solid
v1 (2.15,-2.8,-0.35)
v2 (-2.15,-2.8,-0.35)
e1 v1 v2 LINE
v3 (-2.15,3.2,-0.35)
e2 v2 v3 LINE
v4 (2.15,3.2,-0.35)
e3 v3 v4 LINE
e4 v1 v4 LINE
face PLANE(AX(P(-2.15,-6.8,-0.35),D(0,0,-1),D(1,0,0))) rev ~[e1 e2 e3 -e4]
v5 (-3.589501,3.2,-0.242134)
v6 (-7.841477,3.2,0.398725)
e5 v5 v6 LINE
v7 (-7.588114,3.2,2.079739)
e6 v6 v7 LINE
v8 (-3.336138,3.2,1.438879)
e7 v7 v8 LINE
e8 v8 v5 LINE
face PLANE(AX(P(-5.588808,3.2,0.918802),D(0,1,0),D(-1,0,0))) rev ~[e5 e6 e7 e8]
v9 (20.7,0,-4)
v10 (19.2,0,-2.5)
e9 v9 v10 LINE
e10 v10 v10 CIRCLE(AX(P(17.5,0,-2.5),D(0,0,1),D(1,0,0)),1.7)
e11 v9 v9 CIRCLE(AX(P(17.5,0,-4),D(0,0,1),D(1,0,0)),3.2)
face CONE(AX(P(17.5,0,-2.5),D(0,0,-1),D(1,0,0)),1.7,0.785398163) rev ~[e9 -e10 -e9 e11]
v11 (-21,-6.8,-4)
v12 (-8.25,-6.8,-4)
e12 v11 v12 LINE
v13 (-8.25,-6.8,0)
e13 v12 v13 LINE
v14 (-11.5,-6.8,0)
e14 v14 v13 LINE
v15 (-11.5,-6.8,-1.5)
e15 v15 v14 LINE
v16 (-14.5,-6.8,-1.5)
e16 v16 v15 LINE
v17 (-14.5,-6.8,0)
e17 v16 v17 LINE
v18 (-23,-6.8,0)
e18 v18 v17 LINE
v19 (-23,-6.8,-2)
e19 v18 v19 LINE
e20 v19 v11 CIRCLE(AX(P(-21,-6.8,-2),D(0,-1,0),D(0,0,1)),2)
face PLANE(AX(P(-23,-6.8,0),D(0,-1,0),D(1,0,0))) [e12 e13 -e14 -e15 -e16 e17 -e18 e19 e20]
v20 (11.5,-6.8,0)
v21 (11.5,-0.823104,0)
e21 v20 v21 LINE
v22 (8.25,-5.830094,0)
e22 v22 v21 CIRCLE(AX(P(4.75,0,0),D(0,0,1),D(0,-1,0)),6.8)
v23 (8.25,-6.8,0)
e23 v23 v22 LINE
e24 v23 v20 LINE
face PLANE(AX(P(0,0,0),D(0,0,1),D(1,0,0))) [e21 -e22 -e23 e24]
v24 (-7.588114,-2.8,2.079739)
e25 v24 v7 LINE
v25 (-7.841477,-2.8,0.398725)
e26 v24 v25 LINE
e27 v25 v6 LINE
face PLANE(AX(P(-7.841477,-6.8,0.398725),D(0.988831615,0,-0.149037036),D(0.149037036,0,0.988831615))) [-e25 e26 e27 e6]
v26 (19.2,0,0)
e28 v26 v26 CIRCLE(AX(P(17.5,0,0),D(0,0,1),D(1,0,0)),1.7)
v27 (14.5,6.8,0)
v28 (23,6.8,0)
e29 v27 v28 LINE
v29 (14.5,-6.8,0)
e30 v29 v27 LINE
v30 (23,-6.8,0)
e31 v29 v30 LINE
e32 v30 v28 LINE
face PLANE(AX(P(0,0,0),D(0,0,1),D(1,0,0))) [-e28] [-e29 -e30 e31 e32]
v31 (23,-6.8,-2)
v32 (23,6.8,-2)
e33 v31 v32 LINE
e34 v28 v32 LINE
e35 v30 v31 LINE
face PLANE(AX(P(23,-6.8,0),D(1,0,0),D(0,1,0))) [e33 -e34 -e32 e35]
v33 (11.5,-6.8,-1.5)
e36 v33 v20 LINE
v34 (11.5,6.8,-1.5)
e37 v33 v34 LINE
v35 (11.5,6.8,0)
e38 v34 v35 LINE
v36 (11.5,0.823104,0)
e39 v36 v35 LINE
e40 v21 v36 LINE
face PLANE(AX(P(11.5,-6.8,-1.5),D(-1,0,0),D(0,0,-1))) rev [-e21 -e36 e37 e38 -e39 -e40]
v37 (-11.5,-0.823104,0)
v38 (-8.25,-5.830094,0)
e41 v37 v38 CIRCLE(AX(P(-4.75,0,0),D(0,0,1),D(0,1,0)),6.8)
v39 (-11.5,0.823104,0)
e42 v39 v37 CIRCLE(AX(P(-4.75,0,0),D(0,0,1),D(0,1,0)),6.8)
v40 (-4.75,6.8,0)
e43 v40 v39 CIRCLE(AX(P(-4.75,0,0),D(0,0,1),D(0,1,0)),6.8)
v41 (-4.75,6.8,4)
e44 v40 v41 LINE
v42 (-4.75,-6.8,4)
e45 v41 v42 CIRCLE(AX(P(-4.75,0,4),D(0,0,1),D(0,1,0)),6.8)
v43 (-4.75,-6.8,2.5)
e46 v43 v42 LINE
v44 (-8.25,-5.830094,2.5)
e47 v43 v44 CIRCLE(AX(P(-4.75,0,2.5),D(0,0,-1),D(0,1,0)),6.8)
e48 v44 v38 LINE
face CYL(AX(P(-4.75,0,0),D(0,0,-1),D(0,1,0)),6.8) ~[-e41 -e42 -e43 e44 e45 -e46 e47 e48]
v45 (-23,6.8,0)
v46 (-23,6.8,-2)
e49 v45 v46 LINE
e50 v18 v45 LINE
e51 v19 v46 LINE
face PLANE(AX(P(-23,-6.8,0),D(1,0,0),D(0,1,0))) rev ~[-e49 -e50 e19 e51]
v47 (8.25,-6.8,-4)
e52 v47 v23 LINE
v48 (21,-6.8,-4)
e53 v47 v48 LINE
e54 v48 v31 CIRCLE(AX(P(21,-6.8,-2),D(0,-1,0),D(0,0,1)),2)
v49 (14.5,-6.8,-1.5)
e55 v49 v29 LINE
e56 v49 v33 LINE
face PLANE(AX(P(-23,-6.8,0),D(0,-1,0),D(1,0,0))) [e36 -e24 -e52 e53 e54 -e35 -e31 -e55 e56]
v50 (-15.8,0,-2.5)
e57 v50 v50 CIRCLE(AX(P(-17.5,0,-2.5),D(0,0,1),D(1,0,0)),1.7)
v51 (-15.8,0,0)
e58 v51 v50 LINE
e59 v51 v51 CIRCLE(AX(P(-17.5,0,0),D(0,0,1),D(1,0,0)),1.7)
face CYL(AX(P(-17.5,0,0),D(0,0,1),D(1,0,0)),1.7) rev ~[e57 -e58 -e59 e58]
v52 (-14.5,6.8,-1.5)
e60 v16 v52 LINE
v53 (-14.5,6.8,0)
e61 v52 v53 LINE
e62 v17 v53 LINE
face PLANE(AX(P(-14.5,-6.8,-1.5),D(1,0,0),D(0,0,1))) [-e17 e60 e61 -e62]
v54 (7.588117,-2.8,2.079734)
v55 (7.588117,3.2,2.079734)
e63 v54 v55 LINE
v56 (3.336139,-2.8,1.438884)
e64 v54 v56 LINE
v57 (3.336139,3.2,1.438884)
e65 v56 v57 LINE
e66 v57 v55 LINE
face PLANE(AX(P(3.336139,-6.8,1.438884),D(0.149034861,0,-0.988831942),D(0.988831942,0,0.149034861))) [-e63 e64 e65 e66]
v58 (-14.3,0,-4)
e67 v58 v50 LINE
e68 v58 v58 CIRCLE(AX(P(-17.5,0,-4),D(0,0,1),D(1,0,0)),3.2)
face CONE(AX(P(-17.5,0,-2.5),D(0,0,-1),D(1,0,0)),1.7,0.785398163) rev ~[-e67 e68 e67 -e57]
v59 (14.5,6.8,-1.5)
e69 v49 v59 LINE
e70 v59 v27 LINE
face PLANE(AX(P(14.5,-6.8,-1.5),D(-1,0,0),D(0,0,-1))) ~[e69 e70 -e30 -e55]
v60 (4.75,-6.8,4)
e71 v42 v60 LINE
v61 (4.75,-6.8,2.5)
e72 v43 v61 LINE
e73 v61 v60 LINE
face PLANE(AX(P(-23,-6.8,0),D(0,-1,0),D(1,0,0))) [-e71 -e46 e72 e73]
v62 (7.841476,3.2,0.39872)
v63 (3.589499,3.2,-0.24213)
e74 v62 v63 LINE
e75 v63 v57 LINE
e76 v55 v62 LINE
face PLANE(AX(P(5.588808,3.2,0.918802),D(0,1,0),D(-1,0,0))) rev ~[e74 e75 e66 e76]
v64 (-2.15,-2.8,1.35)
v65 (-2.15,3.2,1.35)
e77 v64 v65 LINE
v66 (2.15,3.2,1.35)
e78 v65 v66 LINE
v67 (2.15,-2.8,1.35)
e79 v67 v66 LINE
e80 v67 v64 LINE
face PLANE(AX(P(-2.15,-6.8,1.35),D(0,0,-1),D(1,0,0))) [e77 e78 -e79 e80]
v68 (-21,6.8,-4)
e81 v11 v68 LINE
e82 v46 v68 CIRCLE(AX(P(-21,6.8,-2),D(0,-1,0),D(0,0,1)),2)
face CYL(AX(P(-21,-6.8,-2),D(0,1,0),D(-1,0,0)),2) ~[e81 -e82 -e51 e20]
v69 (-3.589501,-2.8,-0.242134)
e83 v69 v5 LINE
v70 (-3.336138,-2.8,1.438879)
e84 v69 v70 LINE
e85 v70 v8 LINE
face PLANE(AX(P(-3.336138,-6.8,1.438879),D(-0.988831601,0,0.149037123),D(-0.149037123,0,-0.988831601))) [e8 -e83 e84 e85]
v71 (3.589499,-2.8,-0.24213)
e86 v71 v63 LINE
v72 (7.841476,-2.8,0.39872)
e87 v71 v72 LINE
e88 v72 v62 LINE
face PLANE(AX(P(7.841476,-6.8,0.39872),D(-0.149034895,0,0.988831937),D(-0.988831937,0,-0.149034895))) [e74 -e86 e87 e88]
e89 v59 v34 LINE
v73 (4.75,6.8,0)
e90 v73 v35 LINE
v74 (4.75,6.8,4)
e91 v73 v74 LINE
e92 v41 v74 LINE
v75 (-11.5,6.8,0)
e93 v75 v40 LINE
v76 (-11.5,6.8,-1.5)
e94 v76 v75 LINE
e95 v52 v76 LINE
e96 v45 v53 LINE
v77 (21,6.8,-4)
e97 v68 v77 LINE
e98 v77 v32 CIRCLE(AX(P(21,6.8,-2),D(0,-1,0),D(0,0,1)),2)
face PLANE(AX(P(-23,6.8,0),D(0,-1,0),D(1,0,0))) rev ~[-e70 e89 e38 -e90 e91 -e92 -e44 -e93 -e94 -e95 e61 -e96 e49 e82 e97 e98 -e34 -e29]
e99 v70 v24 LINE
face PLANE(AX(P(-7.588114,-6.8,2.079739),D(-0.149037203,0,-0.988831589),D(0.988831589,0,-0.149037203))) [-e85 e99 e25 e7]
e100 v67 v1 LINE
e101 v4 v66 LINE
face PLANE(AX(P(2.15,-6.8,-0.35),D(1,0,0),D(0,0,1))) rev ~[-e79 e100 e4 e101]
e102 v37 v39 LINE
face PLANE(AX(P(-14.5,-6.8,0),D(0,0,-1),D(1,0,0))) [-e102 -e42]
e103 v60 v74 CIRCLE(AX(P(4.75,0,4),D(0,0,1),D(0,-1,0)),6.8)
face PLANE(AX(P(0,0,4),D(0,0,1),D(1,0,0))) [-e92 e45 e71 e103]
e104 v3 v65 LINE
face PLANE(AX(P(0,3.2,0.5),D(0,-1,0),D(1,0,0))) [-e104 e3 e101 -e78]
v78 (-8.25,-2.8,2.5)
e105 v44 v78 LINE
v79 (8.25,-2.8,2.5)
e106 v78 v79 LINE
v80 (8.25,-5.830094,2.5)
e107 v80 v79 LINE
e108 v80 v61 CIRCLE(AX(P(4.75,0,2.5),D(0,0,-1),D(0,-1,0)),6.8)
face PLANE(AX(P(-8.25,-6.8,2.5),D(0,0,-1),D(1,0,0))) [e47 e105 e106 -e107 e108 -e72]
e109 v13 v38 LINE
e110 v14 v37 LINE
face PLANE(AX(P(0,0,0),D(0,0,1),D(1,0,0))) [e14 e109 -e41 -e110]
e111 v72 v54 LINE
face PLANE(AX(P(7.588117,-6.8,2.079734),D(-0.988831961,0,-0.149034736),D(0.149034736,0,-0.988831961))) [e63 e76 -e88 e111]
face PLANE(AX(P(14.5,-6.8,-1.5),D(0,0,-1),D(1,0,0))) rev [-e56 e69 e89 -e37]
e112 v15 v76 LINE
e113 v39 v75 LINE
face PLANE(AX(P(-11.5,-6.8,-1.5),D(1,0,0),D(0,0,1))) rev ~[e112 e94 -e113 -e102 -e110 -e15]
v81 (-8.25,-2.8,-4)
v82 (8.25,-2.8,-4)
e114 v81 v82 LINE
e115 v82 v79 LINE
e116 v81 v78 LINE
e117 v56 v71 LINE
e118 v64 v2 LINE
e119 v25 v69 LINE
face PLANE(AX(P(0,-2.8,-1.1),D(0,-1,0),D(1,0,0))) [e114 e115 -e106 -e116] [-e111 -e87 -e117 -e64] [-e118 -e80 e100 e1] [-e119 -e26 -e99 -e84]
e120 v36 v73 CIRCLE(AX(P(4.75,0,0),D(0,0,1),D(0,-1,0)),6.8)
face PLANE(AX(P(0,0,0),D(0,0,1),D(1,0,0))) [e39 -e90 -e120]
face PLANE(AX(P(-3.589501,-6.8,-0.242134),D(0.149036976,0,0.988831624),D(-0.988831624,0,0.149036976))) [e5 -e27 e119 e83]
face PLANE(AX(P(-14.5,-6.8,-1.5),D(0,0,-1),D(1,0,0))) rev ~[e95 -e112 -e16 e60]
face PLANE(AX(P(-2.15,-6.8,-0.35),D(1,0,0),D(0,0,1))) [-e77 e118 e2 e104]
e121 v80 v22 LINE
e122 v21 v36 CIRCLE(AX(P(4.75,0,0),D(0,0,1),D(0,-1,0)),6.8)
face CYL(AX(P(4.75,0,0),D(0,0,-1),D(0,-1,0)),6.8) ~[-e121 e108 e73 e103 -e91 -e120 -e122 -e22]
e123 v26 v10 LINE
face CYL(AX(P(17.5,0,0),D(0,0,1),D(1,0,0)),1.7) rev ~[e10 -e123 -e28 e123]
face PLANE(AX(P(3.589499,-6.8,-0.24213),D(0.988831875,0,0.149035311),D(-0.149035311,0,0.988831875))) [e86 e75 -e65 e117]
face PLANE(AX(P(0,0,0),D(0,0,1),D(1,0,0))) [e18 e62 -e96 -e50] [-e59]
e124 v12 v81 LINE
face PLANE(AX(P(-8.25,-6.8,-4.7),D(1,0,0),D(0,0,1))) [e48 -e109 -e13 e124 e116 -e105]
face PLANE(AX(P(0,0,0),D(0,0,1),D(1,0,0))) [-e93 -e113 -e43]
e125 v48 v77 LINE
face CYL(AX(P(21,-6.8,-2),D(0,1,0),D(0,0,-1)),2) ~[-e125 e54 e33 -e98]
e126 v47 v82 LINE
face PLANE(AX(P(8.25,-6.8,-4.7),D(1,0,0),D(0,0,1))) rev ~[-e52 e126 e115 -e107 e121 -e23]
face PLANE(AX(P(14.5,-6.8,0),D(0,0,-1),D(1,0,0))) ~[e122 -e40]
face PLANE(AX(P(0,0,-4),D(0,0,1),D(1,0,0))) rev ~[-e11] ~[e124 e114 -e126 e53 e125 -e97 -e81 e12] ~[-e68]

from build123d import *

# Parameters (mm, degrees)
SKETCH_W        = 46
SKETCH_H        = 13.6
SKETCH_R        = 1.7
PAD_DEPTH       = 4
PAD001_DEPTH    = 4
SKETCH002_W     = 4.3
SKETCH002_H     = 1.7
POCKET_DEPTH    = 10
SKETCH003_W     = 16.5
SKETCH003_H     = 7.2
POCKET001_DEPTH = 4
SKETCH004_W     = 3
SKETCH004_H     = 1.5
POCKET002_DEPTH = 110.862709
FILLET_R        = 2
FILLET001_R     = 2
CHAMFER_SIZE    = 1.5
CHAMFER001_SIZE = 1.5


with BuildPart() as part:
    # Sketch → Pad (new body)
    with BuildSketch(Plane.XY):
        Rectangle(SKETCH_W, SKETCH_H)
        with Locations((-17.5, 0)):
            Circle(SKETCH_R, mode=Mode.SUBTRACT)
        with Locations((17.5, 0)):
            Circle(SKETCH_R, mode=Mode.SUBTRACT)
    extrude(amount=-PAD_DEPTH)

    # Sketch001 → Pad001 (new body)
    with BuildSketch(Plane.XY):
        with BuildLine():
            ThreePointArc((-4.75, 6.8), (-11.55, 0), (-4.75, -6.8))
            Line((-4.75, -6.8), (4.75, -6.8))
            ThreePointArc((4.75, -6.8), (11.55, 0), (4.75, 6.8))
            Line((-4.75, 6.8), (4.75, 6.8))
        make_face()
    extrude(amount=PAD001_DEPTH)

    # Sketch002 → Pocket (cut)
    with BuildSketch(Plane.XZ.offset(6.8)):
        Polygon((-7.588114, 2.079739), (-3.336138, 1.438879), (-3.589501, -0.242134), (-7.841477, 0.398725), align=None)
        with Locations((0, 0.5)):
            Rectangle(SKETCH002_W, SKETCH002_H)
        Polygon((3.336139, 1.438884), (7.588117, 2.079734), (7.841476, 0.39872), (3.589499, -0.24213), align=None)
    extrude(amount=-POCKET_DEPTH, mode=Mode.SUBTRACT)

    # Sketch003 → Pocket001 (cut)
    with BuildSketch(Plane.XZ.offset(6.8)):
        with Locations((0, -1.1)):
            Rectangle(SKETCH003_W, SKETCH003_H)
    extrude(amount=-POCKET001_DEPTH, mode=Mode.SUBTRACT)

    # Sketch004 → Pocket002 (cut, through all)
    with BuildSketch(Plane.XZ.offset(6.8)):
        with Locations((-13, -0.75)):
            Rectangle(SKETCH004_W, SKETCH004_H)
    pocket002 = extrude(amount=-POCKET002_DEPTH, mode=Mode.SUBTRACT)

    # Mirrored: Pocket002 across Sketch004 V_Axis
    add(pocket002.mirror(Plane(origin=(0, -6.8, 0), x_dir=(0, -1, 0), z_dir=(1, 0, 0))), mode=Mode.SUBTRACT)

    # Fillet
    fillet_edges = [part.edges().sort_by_distance(p)[0] for p in [
        (-23, 0, -4),
    ]]
    fillet(fillet_edges, radius=FILLET_R)

    # Fillet001
    fillet001_edges = [part.edges().sort_by_distance(p)[0] for p in [
        (23, 0, -4),
    ]]
    fillet(fillet001_edges, radius=FILLET001_R)

    # Chamfer
    chamfer_edges = [part.edges().sort_by_distance(p)[0] for p in [
        (-19.2, 0, -4),
    ]]
    chamfer(chamfer_edges, length=CHAMFER_SIZE)

    # Chamfer001
    chamfer001_edges = [part.edges().sort_by_distance(p)[0] for p in [
        (15.8, 0, -4),
    ]]
    chamfer(chamfer001_edges, length=CHAMFER001_SIZE)


solid = part.part
